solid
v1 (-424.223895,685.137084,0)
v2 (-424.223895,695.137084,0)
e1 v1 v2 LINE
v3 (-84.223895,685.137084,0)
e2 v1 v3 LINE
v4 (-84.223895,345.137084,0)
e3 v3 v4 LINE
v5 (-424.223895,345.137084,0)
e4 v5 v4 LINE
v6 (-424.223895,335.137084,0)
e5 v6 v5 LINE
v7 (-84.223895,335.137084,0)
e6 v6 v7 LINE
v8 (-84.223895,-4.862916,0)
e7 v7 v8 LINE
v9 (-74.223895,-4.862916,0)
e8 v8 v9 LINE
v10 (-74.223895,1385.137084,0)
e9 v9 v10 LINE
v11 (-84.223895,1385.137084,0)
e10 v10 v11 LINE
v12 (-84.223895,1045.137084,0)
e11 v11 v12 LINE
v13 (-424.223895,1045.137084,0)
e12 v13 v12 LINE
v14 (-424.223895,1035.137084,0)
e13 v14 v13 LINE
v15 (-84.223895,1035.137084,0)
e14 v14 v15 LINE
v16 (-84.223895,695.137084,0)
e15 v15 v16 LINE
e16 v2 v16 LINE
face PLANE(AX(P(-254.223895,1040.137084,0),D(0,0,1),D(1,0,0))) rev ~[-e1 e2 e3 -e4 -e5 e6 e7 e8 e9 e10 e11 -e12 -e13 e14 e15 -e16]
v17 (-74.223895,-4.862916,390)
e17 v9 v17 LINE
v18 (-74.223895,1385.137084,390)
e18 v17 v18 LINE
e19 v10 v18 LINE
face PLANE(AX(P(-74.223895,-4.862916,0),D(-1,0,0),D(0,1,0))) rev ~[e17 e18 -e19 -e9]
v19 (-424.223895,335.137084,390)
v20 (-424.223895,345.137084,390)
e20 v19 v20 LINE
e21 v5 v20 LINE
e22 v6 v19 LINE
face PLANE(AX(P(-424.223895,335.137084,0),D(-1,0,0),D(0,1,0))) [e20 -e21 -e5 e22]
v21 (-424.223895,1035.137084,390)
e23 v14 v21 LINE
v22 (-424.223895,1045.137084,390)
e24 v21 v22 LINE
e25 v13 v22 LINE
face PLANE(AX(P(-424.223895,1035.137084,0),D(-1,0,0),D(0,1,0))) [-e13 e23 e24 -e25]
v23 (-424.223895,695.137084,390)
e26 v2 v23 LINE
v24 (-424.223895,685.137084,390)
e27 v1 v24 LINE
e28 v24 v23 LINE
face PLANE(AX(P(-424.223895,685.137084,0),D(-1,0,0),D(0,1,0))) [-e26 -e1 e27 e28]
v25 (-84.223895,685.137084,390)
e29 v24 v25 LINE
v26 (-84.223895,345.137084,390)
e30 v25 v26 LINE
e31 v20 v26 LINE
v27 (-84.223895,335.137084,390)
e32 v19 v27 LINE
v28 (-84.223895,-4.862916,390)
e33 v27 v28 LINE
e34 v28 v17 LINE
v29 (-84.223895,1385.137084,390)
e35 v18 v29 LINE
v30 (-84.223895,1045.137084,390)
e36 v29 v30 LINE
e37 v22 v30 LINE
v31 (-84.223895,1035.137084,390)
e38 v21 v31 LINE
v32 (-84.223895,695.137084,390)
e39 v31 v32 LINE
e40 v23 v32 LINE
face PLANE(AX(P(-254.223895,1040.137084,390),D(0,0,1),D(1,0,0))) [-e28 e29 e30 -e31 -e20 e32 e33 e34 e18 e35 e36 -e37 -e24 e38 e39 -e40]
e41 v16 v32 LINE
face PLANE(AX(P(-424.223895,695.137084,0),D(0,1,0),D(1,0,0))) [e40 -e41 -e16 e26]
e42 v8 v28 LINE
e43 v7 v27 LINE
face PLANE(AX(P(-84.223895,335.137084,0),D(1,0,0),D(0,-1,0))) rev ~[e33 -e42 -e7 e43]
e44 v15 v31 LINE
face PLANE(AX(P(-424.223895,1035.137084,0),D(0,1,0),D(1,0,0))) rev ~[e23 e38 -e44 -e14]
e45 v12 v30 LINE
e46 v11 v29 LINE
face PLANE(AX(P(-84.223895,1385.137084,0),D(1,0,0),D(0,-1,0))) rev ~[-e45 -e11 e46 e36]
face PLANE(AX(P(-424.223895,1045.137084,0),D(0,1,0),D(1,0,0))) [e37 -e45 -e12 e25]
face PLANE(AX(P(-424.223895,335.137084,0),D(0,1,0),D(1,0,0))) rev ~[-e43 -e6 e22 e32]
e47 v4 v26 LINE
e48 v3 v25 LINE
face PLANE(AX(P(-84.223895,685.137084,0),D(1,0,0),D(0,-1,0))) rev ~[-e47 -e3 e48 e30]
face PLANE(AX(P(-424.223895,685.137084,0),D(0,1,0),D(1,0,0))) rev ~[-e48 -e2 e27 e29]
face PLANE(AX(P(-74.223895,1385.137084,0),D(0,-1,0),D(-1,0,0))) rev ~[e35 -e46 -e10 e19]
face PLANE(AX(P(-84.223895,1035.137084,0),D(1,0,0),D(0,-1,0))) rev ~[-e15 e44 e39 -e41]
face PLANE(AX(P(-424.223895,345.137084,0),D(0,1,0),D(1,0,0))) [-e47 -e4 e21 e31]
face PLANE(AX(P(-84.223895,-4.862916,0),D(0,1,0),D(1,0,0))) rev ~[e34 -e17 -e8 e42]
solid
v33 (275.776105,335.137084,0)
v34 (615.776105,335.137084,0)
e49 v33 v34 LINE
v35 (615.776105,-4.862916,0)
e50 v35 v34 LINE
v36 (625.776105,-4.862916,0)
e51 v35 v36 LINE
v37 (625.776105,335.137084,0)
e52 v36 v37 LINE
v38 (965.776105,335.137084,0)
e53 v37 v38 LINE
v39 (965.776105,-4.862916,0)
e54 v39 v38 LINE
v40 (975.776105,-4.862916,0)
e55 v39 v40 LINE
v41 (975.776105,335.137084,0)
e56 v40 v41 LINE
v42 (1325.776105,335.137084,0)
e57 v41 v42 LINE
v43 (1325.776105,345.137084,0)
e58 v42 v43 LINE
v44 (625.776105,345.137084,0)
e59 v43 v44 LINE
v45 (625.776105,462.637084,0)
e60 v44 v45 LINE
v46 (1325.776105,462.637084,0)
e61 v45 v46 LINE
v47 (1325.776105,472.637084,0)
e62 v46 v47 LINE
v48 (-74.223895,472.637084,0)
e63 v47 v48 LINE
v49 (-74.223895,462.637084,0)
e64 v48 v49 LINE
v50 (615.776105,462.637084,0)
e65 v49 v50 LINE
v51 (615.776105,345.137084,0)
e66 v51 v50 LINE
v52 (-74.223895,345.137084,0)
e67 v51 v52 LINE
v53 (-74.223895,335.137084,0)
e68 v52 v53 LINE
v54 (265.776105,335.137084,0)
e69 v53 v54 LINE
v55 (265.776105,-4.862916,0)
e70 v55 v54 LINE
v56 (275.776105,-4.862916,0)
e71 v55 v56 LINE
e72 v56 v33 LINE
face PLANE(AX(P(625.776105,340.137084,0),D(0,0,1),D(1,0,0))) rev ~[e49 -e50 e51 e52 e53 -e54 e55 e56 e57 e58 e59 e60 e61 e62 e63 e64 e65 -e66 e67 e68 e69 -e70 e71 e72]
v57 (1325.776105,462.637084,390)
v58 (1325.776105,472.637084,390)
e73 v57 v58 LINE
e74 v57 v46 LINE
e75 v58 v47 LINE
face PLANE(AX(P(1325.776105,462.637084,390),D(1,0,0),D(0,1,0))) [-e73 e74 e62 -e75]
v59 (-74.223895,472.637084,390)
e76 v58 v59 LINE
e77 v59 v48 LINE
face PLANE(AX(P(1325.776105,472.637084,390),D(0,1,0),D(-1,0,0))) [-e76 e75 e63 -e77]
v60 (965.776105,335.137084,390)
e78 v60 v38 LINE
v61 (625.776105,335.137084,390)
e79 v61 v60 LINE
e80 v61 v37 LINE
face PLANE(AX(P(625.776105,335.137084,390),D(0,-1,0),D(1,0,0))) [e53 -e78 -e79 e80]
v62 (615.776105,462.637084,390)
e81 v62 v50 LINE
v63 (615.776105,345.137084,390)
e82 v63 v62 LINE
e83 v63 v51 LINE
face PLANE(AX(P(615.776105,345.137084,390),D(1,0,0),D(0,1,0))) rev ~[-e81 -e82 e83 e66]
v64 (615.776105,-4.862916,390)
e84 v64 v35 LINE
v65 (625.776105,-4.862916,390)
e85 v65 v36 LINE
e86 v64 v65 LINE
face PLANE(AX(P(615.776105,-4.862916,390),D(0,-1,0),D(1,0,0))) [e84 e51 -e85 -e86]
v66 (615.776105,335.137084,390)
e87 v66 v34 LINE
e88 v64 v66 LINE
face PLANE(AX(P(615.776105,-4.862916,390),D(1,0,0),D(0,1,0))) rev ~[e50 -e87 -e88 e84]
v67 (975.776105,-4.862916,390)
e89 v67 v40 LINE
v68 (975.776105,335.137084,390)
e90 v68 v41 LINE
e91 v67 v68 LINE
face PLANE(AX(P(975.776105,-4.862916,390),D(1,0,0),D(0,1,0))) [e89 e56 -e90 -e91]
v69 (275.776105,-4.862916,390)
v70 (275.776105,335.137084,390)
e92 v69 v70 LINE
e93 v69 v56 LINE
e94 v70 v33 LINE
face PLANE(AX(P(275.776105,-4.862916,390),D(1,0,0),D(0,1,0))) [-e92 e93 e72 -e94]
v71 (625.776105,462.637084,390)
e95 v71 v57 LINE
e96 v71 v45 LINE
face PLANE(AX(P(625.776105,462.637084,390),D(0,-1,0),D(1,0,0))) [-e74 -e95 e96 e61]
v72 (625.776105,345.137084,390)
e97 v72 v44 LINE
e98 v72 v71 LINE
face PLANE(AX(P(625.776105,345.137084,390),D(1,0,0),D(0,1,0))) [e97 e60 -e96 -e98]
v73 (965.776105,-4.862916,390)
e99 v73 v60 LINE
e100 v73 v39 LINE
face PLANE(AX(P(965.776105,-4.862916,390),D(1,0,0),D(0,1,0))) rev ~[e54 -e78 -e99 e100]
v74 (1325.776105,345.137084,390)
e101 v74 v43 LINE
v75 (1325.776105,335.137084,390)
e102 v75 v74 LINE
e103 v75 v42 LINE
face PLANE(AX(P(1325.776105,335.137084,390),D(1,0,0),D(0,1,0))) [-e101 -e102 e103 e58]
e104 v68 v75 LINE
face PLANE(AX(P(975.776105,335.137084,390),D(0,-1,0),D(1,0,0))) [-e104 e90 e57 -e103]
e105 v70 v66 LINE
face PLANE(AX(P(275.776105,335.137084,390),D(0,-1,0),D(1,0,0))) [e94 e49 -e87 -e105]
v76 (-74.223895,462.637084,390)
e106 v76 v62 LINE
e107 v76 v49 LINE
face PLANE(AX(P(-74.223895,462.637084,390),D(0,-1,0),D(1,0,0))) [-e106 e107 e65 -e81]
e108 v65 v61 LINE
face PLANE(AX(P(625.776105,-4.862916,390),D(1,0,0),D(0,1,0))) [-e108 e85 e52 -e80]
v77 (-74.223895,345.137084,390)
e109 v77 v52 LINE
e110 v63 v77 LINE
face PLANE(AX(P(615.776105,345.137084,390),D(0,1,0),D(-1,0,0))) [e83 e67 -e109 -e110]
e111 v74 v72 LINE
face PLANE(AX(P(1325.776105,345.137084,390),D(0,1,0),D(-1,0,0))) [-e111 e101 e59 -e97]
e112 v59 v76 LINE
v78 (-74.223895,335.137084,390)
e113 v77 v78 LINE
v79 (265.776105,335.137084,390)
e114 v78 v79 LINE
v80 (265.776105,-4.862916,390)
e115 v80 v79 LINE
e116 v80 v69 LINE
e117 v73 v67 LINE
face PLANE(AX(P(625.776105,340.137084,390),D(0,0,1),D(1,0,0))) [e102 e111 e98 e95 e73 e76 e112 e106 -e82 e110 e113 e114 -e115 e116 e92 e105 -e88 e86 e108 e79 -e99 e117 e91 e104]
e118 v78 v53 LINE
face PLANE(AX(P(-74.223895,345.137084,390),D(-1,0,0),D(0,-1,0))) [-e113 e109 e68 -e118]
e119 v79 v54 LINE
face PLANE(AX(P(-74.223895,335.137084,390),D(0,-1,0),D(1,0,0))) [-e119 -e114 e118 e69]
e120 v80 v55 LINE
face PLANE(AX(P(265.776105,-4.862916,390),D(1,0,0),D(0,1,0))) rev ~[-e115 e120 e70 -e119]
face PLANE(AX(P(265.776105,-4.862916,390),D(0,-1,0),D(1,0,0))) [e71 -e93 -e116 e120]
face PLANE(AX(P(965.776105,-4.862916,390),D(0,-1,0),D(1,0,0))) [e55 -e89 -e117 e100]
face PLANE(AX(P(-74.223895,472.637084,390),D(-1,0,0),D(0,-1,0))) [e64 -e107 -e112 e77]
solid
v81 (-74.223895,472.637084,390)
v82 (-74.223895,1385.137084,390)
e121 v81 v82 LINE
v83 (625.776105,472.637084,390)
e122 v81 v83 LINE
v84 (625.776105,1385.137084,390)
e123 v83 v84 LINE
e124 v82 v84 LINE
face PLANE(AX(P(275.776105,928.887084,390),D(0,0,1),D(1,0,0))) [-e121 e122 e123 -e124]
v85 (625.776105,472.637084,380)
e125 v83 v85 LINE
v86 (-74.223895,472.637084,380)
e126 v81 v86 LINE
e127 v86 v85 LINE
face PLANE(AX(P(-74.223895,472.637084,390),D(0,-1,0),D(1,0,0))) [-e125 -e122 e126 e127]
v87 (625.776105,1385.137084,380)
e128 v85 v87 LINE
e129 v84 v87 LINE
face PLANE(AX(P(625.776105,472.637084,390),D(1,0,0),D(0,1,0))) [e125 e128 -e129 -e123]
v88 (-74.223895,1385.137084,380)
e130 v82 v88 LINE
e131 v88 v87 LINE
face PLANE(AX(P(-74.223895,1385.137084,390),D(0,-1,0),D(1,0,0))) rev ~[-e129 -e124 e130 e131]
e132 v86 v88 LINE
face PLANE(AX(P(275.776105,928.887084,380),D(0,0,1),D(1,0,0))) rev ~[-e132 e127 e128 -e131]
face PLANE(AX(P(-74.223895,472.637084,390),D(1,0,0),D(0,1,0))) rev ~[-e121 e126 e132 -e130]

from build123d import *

# Parameters (mm, degrees)
F0_W     = 10
F0_H     = 1390
F2_DEPTH = 390
F1_W     = 340
F1_H     = 10
F3_W     = 10
F3_H     = 117.5
F3_H_2   = 340
F4_DEPTH = 390
F5_W     = 700
F5_H     = 912.5
F6_DEPTH = 10


with BuildPart() as f2:
    # F0 (on Top) → F2 (new body)
    with BuildSketch(Plane.XY):
        with Locations((-79.2238954455, 690.137084249)):
            Rectangle(F0_W, F0_H)
    extrude(amount=F2_DEPTH)


with BuildPart() as f2b:
    # F1 (on face) → F2, piece 2 (new body)
    with BuildSketch(Plane.XY):
        with Locations((-254.2238954455, 1040.137084249)):
            Rectangle(F1_W, F1_H)
        with Locations((-254.2238954455, 690.137084249)):
            Rectangle(F1_W, F1_H)
        with Locations((-254.2238954455, 340.137084249)):
            Rectangle(F1_W, F1_H)
        Polygon((-84.2238954455, 1385.137084249), (-84.2238954455, 1045.137084249), (-84.2238954455, 1035.137084249), (-84.2238954455, 695.137084249), (-84.2238954455, 685.137084249), (-84.2238954455, 345.137084249), (-84.2238954455, 335.137084249), (-84.2238954455, -4.862915751), (-74.2238954455, -4.862915751), (-74.2238954455, 1385.137084249), align=None)
    extrude(amount=F2_DEPTH)


with BuildPart() as f4:
    # F3 (on face) → F4 (new body, through all)
    with BuildSketch(Plane.XY.offset(390)):
        Polygon((615.7761045545, 345.137084249), (-74.2238954455, 345.137084249), (-74.2238954455, 335.137084249), (265.7761045545, 335.137084249), (275.7761045545, 335.137084249), (615.7761045545, 335.137084249), (625.7761045545, 335.137084249), (965.7761045545, 335.137084249), (975.7761045545, 335.137084249), (1325.7761045545, 335.137084249), (1325.7761045545, 345.137084249), (625.7761045545, 345.137084249), align=None)
        with Locations((620.7761045545, 403.887084249)):
            Rectangle(F3_W, F3_H)
        Polygon((-74.2238954455, 462.637084249), (615.7761045545, 462.637084249), (625.7761045545, 462.637084249), (1325.7761045545, 462.637084249), (1325.7761045545, 472.637084249), (-74.2238954455, 472.637084249), align=None)
        with Locations((270.7761045545, 165.137084249)):
            Rectangle(F3_W, F3_H_2)
        with Locations((620.7761045545, 165.137084249)):
            Rectangle(F3_W, F3_H_2)
        with Locations((970.7761045545, 165.137084249)):
            Rectangle(F3_W, F3_H_2)
    extrude(amount=-F4_DEPTH)


with BuildPart() as f6:
    # F5 (on face) → F6 (new body)
    with BuildSketch(Plane.XY.offset(390)):
        with Locations((275.7761045545, 928.887084249)):
            Rectangle(F5_W, F5_H)
    extrude(amount=-F6_DEPTH)


solid = Compound([f2b.part, f4.part, f6.part])
